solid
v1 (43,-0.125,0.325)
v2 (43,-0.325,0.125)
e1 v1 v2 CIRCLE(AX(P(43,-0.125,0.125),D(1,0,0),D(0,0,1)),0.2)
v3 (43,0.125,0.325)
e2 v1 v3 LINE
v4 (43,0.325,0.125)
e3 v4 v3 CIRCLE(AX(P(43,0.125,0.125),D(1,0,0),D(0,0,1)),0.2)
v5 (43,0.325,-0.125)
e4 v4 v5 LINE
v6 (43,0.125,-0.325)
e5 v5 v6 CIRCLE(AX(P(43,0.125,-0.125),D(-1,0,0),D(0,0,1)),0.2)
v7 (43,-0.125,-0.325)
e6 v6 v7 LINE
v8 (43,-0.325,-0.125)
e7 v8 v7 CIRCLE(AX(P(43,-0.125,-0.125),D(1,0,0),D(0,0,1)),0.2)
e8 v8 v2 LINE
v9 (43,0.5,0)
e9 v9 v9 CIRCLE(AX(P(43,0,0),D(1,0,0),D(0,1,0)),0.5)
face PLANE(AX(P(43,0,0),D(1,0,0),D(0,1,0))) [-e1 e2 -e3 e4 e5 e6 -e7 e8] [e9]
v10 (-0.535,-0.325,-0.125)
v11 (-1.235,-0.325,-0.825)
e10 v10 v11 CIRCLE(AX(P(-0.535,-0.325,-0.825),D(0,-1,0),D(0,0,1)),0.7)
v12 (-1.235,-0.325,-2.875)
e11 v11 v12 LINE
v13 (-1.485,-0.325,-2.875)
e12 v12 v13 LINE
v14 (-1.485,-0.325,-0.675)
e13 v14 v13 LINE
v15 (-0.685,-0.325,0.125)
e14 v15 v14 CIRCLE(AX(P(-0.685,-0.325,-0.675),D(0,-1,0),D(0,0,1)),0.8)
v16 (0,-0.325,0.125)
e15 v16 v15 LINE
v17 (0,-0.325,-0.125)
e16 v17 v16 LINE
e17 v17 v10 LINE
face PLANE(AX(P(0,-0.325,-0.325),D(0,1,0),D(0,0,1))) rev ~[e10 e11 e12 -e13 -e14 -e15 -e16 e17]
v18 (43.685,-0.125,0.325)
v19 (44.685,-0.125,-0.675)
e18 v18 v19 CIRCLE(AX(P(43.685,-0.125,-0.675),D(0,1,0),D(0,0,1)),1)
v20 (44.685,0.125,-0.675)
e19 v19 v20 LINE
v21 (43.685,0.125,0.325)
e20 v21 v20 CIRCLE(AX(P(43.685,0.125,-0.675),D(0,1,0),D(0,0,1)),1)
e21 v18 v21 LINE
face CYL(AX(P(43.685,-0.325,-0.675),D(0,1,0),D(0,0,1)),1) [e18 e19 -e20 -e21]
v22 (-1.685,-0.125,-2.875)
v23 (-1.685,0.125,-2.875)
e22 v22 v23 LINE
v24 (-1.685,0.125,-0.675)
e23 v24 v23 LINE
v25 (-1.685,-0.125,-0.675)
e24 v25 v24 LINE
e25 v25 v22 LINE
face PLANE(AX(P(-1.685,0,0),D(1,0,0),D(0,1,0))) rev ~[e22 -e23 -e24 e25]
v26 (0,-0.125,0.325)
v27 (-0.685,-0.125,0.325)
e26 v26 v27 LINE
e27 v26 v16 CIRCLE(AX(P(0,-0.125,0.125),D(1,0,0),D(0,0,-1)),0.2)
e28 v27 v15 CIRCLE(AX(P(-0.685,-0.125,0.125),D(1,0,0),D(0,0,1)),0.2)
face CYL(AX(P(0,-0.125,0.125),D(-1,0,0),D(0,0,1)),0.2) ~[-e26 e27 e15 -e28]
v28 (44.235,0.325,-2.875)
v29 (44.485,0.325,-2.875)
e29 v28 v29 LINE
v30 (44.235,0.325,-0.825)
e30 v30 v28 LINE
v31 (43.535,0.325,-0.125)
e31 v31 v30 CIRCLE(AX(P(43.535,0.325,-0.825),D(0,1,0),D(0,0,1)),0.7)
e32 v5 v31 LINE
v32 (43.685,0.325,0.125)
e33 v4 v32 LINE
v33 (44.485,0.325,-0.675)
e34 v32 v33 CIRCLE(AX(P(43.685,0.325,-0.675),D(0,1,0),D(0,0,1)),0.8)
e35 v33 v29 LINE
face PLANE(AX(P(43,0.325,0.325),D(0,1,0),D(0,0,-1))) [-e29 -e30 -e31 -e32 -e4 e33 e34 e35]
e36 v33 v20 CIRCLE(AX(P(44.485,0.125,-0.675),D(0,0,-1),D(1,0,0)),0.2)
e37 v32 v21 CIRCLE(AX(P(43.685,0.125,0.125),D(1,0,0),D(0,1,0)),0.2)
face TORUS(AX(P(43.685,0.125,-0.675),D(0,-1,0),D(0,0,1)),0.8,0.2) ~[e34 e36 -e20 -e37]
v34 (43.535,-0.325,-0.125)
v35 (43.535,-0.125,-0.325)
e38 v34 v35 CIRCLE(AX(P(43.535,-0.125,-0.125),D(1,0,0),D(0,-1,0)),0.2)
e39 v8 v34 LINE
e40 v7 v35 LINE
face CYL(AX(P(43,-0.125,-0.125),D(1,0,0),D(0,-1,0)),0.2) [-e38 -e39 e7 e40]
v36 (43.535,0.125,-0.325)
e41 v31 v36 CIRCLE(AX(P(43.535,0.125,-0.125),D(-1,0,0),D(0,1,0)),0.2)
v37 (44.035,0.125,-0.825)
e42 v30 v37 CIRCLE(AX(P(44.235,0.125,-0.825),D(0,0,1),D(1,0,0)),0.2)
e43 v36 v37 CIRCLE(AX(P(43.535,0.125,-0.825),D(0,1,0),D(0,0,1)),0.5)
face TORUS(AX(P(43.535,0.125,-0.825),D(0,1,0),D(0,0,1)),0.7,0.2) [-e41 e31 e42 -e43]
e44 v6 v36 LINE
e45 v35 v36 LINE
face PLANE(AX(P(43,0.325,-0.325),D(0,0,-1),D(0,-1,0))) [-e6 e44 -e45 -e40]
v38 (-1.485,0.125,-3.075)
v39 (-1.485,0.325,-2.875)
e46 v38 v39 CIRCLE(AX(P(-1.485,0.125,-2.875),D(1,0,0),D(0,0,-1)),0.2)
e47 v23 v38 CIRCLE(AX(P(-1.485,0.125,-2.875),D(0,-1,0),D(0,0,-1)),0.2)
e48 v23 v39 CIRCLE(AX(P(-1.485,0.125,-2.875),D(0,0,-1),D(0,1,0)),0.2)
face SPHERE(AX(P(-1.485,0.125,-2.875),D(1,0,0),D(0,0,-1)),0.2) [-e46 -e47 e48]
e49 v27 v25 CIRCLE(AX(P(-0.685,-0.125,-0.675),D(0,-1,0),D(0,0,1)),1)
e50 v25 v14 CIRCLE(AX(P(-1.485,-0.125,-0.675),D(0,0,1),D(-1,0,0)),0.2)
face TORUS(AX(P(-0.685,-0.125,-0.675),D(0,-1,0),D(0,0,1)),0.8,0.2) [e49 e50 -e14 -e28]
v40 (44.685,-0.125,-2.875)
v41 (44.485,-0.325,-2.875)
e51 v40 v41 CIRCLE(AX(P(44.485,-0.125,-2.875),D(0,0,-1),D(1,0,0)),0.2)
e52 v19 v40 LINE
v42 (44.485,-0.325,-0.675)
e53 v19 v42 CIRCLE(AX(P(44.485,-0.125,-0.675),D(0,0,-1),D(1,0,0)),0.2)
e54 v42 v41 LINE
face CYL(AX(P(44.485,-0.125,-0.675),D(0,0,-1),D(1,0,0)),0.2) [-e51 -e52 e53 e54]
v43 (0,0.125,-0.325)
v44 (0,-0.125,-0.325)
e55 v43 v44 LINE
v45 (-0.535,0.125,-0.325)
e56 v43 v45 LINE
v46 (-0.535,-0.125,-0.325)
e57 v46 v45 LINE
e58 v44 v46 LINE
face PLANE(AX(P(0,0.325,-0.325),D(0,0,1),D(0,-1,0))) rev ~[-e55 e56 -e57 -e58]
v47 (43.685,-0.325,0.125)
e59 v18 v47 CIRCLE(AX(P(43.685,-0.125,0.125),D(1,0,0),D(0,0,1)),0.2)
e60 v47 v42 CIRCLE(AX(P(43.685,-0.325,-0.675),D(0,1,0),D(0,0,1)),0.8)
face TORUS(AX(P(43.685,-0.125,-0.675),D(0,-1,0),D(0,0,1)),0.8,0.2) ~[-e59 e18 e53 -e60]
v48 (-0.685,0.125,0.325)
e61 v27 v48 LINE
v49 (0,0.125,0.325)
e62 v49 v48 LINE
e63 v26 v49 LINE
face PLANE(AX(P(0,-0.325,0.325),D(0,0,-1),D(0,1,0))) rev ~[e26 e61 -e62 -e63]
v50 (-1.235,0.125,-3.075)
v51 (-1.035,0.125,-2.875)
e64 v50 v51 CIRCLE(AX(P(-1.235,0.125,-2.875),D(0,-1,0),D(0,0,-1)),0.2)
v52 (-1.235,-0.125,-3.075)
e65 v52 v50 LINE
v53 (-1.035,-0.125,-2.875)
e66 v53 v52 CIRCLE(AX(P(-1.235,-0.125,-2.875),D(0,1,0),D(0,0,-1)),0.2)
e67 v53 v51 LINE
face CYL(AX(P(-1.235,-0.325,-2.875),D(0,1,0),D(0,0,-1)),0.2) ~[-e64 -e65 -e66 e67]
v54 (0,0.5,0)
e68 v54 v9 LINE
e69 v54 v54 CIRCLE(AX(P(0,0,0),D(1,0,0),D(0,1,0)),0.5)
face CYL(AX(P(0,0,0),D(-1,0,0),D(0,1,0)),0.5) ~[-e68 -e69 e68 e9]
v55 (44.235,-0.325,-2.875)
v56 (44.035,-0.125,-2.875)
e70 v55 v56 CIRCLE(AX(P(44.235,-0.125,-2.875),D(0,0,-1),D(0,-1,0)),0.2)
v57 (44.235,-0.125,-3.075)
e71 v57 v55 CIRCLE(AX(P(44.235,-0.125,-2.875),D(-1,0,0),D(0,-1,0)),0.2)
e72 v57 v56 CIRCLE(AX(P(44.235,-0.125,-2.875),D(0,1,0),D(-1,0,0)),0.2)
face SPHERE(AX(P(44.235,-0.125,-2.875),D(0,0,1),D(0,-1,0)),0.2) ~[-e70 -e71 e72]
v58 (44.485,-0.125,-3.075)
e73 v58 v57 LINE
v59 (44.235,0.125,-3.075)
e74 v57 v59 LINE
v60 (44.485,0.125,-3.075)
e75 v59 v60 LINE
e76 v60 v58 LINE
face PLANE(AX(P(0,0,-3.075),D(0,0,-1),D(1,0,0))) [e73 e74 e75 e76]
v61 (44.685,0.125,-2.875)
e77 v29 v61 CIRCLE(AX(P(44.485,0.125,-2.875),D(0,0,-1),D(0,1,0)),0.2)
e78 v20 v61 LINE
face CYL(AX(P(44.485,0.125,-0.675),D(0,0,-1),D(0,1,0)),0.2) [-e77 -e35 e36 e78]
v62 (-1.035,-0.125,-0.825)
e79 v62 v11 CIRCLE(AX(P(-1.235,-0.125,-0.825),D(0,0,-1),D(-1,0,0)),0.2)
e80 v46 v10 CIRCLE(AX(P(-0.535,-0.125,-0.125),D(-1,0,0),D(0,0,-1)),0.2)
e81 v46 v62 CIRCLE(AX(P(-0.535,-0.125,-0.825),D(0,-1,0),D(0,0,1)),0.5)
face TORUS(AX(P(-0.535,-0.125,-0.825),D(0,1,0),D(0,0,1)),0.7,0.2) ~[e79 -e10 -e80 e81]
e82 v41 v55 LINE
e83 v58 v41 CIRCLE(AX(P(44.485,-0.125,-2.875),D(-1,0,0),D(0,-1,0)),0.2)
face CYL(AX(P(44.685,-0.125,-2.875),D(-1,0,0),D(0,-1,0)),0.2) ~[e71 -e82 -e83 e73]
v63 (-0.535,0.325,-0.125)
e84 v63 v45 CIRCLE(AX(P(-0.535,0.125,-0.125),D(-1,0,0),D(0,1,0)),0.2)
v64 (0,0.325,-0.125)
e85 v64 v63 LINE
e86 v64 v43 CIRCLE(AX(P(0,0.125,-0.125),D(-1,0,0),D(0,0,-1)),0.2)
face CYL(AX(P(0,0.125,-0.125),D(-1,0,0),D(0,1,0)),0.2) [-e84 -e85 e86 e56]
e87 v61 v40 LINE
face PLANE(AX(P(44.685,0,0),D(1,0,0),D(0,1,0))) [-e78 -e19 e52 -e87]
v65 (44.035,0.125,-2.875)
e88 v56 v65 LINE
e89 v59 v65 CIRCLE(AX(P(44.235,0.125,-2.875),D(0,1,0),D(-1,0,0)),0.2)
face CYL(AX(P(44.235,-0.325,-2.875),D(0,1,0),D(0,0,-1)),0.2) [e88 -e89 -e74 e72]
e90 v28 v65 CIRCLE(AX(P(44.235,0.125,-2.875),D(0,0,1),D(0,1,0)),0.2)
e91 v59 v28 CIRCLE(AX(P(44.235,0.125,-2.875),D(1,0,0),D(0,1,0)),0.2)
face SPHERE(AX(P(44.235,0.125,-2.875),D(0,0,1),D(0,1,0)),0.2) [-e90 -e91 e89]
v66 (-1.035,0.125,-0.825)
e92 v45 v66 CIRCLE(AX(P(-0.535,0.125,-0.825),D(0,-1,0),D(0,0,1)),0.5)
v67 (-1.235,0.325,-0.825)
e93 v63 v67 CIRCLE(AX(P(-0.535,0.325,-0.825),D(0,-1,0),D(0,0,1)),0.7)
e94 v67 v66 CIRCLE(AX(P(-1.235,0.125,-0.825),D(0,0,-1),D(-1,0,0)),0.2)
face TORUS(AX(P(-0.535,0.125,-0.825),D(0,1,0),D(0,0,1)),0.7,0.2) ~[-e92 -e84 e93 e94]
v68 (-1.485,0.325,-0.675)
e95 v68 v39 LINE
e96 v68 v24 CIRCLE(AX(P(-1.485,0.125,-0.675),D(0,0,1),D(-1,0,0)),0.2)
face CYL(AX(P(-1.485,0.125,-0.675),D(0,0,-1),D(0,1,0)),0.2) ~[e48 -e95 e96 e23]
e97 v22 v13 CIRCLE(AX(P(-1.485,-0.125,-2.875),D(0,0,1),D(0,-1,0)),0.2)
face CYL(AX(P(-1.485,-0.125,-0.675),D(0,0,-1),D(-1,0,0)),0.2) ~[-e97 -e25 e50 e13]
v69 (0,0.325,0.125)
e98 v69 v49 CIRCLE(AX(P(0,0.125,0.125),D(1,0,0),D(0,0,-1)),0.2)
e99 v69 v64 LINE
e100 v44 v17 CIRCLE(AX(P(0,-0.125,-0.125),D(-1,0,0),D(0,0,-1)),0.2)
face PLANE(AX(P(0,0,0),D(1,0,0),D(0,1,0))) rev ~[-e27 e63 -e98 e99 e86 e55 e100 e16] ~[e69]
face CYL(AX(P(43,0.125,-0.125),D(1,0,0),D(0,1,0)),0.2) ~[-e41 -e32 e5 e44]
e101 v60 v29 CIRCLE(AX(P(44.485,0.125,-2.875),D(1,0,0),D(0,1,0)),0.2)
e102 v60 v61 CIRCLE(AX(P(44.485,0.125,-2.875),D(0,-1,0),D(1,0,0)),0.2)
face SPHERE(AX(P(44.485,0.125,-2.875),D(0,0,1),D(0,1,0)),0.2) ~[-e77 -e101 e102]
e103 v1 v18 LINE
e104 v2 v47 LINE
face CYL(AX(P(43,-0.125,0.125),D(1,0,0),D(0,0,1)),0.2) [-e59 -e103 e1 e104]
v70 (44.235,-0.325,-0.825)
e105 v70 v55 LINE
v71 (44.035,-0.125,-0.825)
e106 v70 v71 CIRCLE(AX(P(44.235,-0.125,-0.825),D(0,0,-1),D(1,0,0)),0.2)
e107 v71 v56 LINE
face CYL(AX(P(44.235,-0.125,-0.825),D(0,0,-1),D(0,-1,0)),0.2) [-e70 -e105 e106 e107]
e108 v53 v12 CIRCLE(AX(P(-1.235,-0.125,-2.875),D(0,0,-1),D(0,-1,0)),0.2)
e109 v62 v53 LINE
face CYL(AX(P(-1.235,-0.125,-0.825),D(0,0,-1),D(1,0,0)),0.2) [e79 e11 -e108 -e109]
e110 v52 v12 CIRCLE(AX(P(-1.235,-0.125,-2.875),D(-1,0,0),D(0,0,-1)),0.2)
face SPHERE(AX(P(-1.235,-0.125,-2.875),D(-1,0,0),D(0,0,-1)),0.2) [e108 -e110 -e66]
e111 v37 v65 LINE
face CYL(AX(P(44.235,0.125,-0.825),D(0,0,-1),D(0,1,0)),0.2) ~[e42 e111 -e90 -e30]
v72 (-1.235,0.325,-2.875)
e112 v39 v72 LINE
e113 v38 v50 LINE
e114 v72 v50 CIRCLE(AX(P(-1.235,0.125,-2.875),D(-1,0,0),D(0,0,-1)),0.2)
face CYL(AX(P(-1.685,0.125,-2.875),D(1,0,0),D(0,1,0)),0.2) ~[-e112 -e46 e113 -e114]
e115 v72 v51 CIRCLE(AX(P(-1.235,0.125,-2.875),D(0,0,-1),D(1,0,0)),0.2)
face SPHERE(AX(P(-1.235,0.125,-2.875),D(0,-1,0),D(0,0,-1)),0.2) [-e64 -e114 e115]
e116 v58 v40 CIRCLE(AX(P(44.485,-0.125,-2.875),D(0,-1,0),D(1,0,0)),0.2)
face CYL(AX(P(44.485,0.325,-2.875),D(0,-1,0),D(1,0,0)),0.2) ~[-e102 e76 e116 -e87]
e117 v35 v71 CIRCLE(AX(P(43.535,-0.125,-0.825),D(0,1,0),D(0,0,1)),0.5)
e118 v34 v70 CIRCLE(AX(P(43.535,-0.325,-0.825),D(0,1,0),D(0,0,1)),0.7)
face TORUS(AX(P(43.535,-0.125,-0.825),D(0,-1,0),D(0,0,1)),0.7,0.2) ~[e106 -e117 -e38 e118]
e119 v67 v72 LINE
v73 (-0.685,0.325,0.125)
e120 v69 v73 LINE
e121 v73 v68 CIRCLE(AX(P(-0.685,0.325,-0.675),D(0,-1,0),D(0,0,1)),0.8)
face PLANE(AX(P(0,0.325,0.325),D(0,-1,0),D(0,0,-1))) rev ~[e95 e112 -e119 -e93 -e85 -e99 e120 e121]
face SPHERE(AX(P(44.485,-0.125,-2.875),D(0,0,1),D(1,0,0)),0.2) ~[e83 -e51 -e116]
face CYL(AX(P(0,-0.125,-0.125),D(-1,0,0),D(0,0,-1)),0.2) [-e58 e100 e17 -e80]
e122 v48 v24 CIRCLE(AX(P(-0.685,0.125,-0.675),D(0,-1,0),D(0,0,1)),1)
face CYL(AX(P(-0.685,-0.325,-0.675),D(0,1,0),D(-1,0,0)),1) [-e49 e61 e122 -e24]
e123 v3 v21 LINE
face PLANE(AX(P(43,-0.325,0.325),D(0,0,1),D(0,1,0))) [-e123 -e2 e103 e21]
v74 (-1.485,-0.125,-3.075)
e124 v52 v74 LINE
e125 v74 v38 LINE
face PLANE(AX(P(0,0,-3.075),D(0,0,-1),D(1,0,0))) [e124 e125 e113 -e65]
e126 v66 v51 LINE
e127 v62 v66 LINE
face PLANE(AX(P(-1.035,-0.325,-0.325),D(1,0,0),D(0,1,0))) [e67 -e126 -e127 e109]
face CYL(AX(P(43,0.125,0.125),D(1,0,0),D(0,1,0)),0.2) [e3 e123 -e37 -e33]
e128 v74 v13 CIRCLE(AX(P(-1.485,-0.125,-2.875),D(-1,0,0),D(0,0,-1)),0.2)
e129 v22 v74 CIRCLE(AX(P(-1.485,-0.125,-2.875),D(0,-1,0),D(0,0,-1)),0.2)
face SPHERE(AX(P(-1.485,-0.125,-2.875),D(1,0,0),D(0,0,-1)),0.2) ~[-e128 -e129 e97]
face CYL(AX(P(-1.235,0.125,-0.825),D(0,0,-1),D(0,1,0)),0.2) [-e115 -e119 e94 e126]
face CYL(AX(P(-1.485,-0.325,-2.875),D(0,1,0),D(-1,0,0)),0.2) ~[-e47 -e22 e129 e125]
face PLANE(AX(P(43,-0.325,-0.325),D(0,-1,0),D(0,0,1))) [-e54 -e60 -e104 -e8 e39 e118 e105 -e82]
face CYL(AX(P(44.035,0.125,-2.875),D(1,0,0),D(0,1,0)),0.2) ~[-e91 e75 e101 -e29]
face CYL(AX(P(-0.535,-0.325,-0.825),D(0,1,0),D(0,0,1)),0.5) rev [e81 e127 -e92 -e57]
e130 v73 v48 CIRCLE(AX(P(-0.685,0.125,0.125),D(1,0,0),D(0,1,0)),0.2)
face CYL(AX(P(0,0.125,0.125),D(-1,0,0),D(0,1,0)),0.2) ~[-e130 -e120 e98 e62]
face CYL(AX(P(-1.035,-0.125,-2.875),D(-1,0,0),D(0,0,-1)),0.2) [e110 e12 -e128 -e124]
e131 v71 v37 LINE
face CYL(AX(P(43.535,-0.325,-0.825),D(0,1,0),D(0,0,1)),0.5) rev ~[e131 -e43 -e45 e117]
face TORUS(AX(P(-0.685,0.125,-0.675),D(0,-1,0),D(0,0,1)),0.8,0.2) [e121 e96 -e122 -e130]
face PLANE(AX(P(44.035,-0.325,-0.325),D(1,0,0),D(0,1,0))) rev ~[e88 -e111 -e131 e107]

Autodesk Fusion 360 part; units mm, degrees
sketch "Sketch1" plane through (0, 0, 0) normal (1, 0, 0) x (0, 1, 0)
  circle A0 centre (0, 0) radius 0.5
  line L0 (0.325, -0.325) -> (-0.325, -0.325)
  line L1 (-0.325, -0.325) -> (-0.325, 0.325)
  line L2 (-0.325, 0.325) -> (0.325, 0.325)
  line L3 (0.325, 0.325) -> (0.325, -0.325)
  line L4 (0.325, -0.325) -> (-0.325, 0.325) construction
  line L5 (-0.325, -0.325) -> (0.325, 0.325) construction
  dimension "d1" = 1
  dimension "d2" = 0.65
  dimension "d3" = 0.65
extrude "Extrude1" add sketch "Sketch1" along normal blind 43 contours A0 | L0 L1 L2 L3
sketch "Sketch2" plane through (43, 0, 0) normal (1, 0, 0) x (0, 1, 0)
  circle A0 centre (0, 0) radius 0.5
  line L0 (0.325, -0.325) -> (-0.325, -0.325)
  line L1 (-0.325, -0.325) -> (-0.325, 0.325)
  line L2 (-0.325, 0.325) -> (0.325, 0.325)
  line L3 (0.325, 0.325) -> (0.325, -0.325)
  line L4 (0.325, -0.325) -> (-0.325, 0.325) construction
  line L5 (-0.325, -0.325) -> (0.325, 0.325) construction
  dimension "d8" = 0.65
  dimension "d9" = 0.65
extrude "Extrude2" add sketch "Sketch2" along normal blind 1.685 contours L0 L1 L2 L3
extrude "Extrude3" add sketch "Sketch1" against normal blind 1.685 contours L0 L1 L2 L3
sketch "Sketch3" plane through (0, 0, -0.325) normal (0, 0, -1) x (1, 0, 0)
  line L0 (43, 0.325) -> (43, -0.325)
  line L1 (43, -0.325) -> (44.685, -0.325)
  line L2 (44.685, -0.325) -> (44.685, 0.325)
  line L3 (44.685, 0.325) -> (43, 0.325)
  line L4 (44.685, 0.325) -> (44.035, 0.325)
  line L5 (44.035, 0.325) -> (44.035, -0.325)
  line L6 (44.035, -0.325) -> (44.685, -0.325)
  line L7 (44.685, -0.325) -> (44.685, 0.325)
  line L8 (44.685, 0.325) -> (44.035, -0.325) construction
  line L9 (44.035, 0.325) -> (44.685, -0.325) construction
  point P0 (44.36, 0)
  dimension "d14" = 0.65
  dimension "d15" = 0.65
sketch "Sketch4" plane through (0, 0, -0.325) normal (0, 0, -1) x (1, 0, 0)
  line L0 (0, -0.325) -> (0, 0.325)
  line L1 (0, 0.325) -> (-1.685, 0.325)
  line L2 (-1.685, 0.325) -> (-1.685, -0.325)
  line L3 (-1.685, -0.325) -> (0, -0.325)
  line L4 (-1.035, -0.325) -> (-1.685, -0.325)
  line L5 (-1.685, -0.325) -> (-1.685, 0.325)
  line L6 (-1.685, 0.325) -> (-1.035, 0.325)
  line L7 (-1.035, 0.325) -> (-1.035, -0.325)
  line L8 (-1.035, -0.325) -> (-1.685, 0.325) construction
  line L9 (-1.685, -0.325) -> (-1.035, 0.325) construction
  point P0 (-1.36, 0)
  dimension "d17" = 0.65
  dimension "d18" = 0.65
extrude "Extrude4" add sketch "Sketch4" sketch "Sketch3" along normal blind 2.75 contours L1 L2 L3 L4 L5 L6 L7 of sketch 2 contours L1 L2 L3 L4 L5 L6 L7
fillet "Fillet1" radius 0.5 2 edges at (-1.035, 0, -0.325) (44.035, 0, -0.325)
fillet "Fillet2" radius 1 2 edges at (-1.685, 0, 0.325) (44.685, 0, 0.325)
fillet "Fillet3" radius 0.2 32 edges at (-1.36, -0.325, -3.075) (-1.035, 0, -3.075) (-1.36, 0.325, -3.075) (-1.685, 0, -3.075) (-0.8886, -0.325, -0.4714) (-1.035, -0.325, -1.95) (-0.2675, -0.325, -0.325) (-0.3425, -0.325, 0.325) (-1.3921, -0.325, 0.0321) (-1.685, -0.325, -1.875) (-0.3425, 0.325, 0.325) (-1.3921, 0.325, 0.0321) (-1.685, 0.325, -1.875) (-0.8886, 0.325, -0.4714) (-0.2675, 0.325, -0.325) (-1.035, 0.325, -1.95) (43.3425, -0.325, 0.325) (44.3921, -0.325, 0.0321) (44.685, -0.325, -1.875) (44.035, -0.325, -1.95) (43.8886, -0.325, -0.4714) (43.2675, -0.325, -0.325) (44.685, 0.325, -1.875) (44.3921, 0.325, 0.0321) (43.3425, 0.325, 0.325) (43.8886, 0.325, -0.4714) (44.035, 0.325, -1.95) (43.2675, 0.325, -0.325) (44.36, 0.325, -3.075) (44.685, 0, -3.075) (44.36, -0.325, -3.075) (44.035, 0, -3.075)
equation "d1 = width"
equation "d2 = d3"
equation "d3 = d1 * 0.65"
equation "width = 1 mm"
equation "baseLenght = 43 mm"
equation "d6 = baseLenght"
equation "d8 = width * 0.65"
equation "d9 = d8"
equation "d10 = ( ( 2.54 * ceil(( baseLenght + 1.3 * width ) / 2.54 mm) ) * 1 mm + 0.65 * width - baseLenght ) / 2"
equation "d12 = -( ( 2.54 * ceil(( baseLenght + 1.3 * width ) / 2.54 mm) ) * 1 mm + 0.65 * width - baseLenght ) / 2"
equation "d14 = width * 0.65"
equation "d15 = d14"
equation "d17 = width * 0.65"
equation "d18 = d17"
equation "d26 = 0.2 * width"
